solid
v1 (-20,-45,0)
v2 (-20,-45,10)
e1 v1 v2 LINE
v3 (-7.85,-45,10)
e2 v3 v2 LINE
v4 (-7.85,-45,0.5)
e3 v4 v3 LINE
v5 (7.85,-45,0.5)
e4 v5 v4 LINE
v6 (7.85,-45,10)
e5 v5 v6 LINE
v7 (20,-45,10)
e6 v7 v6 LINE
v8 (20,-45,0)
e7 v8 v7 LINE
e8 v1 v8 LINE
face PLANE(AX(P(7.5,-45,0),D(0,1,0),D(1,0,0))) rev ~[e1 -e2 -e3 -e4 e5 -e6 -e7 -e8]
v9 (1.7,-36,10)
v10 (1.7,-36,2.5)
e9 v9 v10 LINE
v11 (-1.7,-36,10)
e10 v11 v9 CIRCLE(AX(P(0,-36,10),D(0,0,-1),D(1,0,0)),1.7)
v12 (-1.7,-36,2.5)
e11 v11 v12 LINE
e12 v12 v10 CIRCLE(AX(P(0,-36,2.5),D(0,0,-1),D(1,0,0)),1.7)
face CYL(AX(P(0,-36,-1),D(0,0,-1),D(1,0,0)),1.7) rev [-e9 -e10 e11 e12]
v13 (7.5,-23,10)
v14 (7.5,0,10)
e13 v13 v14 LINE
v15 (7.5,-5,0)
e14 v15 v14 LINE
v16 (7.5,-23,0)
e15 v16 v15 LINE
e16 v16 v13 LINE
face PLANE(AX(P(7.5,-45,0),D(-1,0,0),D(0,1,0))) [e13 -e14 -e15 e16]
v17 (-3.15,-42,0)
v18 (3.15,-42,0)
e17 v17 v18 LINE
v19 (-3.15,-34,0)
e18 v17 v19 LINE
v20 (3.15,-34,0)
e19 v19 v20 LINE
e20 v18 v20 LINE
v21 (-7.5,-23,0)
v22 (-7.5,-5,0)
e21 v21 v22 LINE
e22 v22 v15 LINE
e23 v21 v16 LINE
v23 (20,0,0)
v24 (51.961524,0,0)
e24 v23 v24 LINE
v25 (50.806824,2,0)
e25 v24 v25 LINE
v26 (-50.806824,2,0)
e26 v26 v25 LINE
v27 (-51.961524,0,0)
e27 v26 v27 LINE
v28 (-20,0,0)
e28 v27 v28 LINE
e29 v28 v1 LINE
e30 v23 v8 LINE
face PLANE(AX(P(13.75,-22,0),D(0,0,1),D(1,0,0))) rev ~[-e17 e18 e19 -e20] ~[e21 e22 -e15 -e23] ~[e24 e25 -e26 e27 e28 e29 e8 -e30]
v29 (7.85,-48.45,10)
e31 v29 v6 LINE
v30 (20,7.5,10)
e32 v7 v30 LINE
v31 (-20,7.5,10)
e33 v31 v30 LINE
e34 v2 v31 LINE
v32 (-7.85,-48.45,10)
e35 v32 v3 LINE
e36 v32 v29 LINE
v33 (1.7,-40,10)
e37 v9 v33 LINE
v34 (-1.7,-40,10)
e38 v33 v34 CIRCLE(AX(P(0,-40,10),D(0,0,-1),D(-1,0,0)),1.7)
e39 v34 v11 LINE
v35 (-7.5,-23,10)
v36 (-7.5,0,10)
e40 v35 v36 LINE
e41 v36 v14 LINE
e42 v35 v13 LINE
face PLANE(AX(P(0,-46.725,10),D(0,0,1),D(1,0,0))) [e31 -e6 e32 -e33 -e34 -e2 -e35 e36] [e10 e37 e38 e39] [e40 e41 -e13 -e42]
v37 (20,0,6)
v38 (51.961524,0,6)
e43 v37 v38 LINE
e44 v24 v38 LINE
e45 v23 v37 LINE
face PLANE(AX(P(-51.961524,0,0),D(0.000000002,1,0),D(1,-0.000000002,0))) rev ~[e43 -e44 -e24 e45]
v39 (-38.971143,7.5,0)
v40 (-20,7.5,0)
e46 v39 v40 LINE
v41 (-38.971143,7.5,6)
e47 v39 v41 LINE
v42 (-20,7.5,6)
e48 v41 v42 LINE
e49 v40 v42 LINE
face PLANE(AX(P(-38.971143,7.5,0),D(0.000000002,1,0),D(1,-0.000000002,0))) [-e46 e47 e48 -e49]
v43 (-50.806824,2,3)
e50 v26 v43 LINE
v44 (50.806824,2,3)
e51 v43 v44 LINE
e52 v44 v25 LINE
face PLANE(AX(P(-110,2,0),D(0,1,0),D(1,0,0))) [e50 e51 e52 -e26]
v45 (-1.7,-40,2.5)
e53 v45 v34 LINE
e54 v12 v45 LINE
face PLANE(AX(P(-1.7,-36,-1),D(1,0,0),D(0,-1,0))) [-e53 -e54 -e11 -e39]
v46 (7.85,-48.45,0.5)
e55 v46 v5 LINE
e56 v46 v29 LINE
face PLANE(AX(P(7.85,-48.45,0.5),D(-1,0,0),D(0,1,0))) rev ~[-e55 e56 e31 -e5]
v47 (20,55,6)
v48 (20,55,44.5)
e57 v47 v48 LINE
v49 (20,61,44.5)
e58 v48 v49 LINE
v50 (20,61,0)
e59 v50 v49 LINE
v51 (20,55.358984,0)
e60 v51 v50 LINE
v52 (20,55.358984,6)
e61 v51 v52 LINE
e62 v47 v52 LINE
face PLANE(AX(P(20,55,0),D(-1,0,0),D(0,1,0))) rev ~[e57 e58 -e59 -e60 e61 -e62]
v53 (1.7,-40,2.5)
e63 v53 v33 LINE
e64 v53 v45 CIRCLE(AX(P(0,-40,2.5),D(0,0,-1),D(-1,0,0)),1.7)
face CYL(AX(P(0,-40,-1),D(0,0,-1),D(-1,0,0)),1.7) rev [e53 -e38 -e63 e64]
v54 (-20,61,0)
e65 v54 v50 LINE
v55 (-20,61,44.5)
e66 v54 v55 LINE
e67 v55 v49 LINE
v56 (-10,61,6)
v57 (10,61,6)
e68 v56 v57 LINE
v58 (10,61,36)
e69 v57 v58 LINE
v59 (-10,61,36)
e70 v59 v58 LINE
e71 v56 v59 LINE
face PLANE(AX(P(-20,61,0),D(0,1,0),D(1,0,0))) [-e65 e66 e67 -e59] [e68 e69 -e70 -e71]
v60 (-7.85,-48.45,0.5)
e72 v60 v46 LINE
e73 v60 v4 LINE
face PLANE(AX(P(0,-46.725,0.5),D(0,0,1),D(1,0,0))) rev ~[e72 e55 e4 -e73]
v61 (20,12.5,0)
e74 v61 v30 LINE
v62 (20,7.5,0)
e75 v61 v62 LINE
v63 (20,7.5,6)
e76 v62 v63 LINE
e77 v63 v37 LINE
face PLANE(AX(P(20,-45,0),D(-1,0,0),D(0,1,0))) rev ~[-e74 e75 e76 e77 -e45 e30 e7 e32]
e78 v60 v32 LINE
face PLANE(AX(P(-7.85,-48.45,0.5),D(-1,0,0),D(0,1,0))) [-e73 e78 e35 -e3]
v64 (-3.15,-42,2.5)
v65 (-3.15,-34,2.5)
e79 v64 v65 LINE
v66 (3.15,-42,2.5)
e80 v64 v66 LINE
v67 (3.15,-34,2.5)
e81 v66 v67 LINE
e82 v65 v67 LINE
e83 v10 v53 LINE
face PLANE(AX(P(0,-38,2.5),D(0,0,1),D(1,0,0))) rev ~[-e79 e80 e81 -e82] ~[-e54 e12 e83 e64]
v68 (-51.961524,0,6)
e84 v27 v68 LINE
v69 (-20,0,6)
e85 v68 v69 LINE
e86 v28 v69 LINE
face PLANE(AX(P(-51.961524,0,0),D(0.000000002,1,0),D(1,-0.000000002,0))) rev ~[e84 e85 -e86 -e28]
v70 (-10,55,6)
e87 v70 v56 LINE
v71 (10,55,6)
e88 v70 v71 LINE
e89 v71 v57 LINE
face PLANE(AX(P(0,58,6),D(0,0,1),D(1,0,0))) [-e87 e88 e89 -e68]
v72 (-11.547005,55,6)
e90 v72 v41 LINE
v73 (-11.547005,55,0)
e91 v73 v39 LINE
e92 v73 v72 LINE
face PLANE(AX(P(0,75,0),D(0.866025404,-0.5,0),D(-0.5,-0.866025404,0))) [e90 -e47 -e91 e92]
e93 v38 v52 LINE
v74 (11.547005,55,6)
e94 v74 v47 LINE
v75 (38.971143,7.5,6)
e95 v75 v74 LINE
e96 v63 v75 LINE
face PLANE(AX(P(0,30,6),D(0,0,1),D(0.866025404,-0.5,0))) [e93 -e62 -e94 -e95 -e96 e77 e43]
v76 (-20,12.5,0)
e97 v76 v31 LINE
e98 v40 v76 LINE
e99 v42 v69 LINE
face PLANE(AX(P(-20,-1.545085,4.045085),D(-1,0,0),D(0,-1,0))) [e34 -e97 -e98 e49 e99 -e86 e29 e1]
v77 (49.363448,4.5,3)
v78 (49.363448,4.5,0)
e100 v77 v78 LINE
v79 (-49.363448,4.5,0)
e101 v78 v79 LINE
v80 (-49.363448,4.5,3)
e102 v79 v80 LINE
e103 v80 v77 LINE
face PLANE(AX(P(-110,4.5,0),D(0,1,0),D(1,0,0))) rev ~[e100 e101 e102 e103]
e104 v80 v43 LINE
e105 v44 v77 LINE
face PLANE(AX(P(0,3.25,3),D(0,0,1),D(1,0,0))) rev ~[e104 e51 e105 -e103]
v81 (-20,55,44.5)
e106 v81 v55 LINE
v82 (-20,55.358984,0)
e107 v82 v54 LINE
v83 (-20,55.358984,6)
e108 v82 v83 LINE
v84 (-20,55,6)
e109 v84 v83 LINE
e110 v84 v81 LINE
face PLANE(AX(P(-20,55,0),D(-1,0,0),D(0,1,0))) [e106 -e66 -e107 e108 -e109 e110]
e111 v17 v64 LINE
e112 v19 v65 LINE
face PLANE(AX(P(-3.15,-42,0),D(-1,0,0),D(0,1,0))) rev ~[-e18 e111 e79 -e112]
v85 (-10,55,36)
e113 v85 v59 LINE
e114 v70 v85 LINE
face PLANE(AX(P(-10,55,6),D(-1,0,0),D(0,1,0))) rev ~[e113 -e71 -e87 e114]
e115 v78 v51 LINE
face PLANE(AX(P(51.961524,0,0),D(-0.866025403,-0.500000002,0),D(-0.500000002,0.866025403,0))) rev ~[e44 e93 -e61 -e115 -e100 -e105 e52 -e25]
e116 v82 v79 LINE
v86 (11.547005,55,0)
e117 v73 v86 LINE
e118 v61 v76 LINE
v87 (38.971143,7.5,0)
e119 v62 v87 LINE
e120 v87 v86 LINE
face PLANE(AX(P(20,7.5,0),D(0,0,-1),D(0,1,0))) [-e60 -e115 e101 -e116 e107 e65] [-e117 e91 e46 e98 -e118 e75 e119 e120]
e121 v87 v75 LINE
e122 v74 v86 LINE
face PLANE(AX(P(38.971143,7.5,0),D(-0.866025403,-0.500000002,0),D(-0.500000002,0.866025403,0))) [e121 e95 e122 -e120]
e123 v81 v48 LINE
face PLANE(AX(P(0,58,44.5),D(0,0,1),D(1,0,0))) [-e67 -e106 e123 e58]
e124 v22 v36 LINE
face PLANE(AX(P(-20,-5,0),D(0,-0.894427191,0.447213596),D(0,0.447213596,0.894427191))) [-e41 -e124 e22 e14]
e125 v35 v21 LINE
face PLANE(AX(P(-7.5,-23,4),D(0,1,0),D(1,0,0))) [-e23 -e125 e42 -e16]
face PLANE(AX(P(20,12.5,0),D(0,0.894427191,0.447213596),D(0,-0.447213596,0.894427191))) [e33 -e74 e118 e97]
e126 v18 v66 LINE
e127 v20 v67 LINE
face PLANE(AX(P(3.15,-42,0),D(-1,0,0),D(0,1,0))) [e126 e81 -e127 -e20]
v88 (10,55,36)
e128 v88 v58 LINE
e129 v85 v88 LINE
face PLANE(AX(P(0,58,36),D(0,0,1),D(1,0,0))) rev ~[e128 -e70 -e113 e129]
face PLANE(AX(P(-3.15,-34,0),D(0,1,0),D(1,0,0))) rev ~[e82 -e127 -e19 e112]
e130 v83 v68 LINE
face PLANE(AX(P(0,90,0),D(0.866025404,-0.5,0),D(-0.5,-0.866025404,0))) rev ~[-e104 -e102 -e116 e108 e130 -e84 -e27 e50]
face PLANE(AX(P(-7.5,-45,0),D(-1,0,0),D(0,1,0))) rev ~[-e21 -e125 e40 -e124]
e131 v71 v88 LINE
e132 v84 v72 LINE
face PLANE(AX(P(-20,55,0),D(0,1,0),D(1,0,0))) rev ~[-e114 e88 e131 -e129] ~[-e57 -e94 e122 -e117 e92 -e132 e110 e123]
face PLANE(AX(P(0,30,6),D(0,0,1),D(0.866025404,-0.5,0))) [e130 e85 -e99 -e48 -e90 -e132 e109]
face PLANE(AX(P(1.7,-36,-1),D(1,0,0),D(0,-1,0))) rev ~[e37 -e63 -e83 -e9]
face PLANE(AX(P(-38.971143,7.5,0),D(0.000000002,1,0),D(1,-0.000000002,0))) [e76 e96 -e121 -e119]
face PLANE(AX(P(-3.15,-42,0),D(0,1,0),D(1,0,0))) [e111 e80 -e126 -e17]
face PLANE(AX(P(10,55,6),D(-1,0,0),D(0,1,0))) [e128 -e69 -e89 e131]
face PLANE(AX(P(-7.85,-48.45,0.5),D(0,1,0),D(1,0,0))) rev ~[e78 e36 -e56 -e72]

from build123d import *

# Parameters (mm, degrees)
BOX051_W                   = 220
BOX051_H                   = 2.5
BOX051_DEPTH               = 3
EXTRUDE020_DEPTH           = 10
BOX052_W                   = 220
BOX052_H                   = 113
BOX052_DEPTH               = 8
BOX050_W                   = 32
BOX050_H                   = 6
BOX050_DEPTH               = 6
PRISM006_DEPTH             = 6
PRISM006_PLACEMENT_ANGLE   = 30
PRISM007_DEPTH             = 6
PRISM007_PLACEMENT_ANGLE   = 30
BOX055_W                   = 6.3
BOX055_H                   = 8
BOX055_DEPTH               = 2.5
EXTRUDE021_DEPTH           = 12
BOX054_W                   = 15.7
BOX054_H                   = 3.45
BOX054_DEPTH               = 9.5
BOX053_W                   = 15
BOX053_H                   = 22
BOX053_DEPTH               = 10
EXTRUDE022_DEPTH           = 12
BOX038_W                   = 12.5
BOX038_H                   = 46
BOX038_DEPTH               = 10
BOX046_W                   = 220
BOX046_H                   = 2.5
BOX046_DEPTH               = 3
BOX045_W                   = 30
BOX045_H                   = 7.5
BOX045_DEPTH               = 10
BOX047_W                   = 50
BOX047_H                   = 10
BOX047_DEPTH               = 10
BOX042_W                   = 12.5
BOX042_H                   = 7.5
BOX042_DEPTH               = 12
BOX043_W                   = 12.5
BOX043_H                   = 7.5
BOX043_DEPTH               = 12
CYLINDER004_R              = 1.7
CYLINDER004_DEPTH          = 30
BOX041_W                   = 15
BOX041_H                   = 70
BOX041_DEPTH               = 6
BOX044_W                   = 40
BOX044_H                   = 51
BOX044_DEPTH               = 6
EXTRUDE018_DEPTH           = 40
BOX040_W                   = 12.5
BOX040_H                   = 46
BOX040_DEPTH               = 10
BOX039_W                   = 12.5
BOX039_H                   = 46
BOX039_DEPTH               = 10
EXTRUDE019_DEPTH           = 40
EXTRUDE019_PLACEMENT_ANGLE = 180
BOX036_W                   = 220
BOX036_H                   = 2.5
BOX036_DEPTH               = 3
BOX037_W                   = 30
BOX037_H                   = 7.5
BOX037_DEPTH               = 10
BOX035_W                   = 50
BOX035_H                   = 10
BOX035_DEPTH               = 10
BOX009_W                   = 12.5
BOX009_H                   = 7.5
BOX009_DEPTH               = 12
BOX010_W                   = 12.5
BOX010_H                   = 7.5
BOX010_DEPTH               = 12
CYLINDER_R                 = 1.7
CYLINDER_DEPTH             = 30
BOX007_W                   = 15
BOX007_H                   = 70
BOX007_DEPTH               = 6
BOX006_W                   = 40
BOX006_H                   = 51
BOX006_DEPTH               = 6
BOX048_W                   = 20
BOX048_H                   = 6
BOX048_DEPTH               = 30
BOX049_W                   = 40
BOX049_H                   = 6
BOX049_DEPTH               = 44.5


with BuildPart() as corte_canaleta004:
    # Box051 → Box051 (new body)
    with BuildSketch(Plane(origin=(-110, 2, 0), x_dir=(1, 0, 0), z_dir=(0, 0, 1))):
        with Locations((110, 1.25)):
            Rectangle(BOX051_W, BOX051_H)
    extrude(amount=BOX051_DEPTH)


with BuildPart() as extrude020:
    # Sketch017 → Extrude020 (new body)
    with BuildSketch(Plane.XY):
        Polygon((-95, 0), (95, 0), (85, 61), (-85, 61), align=None)
    extrude(amount=EXTRUDE020_DEPTH)


with BuildPart() as molde_cortador003:
    # Box052 → Box052 (new body)
    with BuildSketch(Plane(origin=(-110, -15, 0), x_dir=(1, 0, 0), z_dir=(0, 0, 1))):
        with Locations((110, 56.5)):
            Rectangle(BOX052_W, BOX052_H)
    extrude(amount=BOX052_DEPTH)

    # Cut004035: cut Extrude020
    add(extrude020.part, mode=Mode.SUBTRACT)


with BuildPart() as cube045:
    # Box050 → Box050 (new body)
    with BuildSketch(Plane(origin=(-16, 55, 0), x_dir=(1, 0, 0), z_dir=(0, 0, 1))):
        with Locations((16, 3)):
            Rectangle(BOX050_W, BOX050_H)
    extrude(amount=BOX050_DEPTH)


with BuildPart() as prism006:
    # Prism006 → Prism006 (new body)
    with BuildSketch(Plane.XY):
        Polygon((45, 0), (-22.5, 38.971143), (-22.5, -38.971143), align=None)
    extrude(amount=PRISM006_DEPTH)


with BuildPart() as prism006_1:
    # Prism006 placement: moved
    add(prism006.part.moved(Location((0, 23, 0))).rotate(Axis((0, 23, 0), (0, 0, -1)), PRISM006_PLACEMENT_ANGLE))


with BuildPart() as base_triangulo_con_canaleta33:
    # Prism007 → Prism007 (new body)
    with BuildSketch(Plane.XY):
        Polygon((60, 0), (-30, 51.961524), (-30, -51.961524), align=None)
    extrude(amount=PRISM007_DEPTH)


with BuildPart() as base_triangulo_con_canaleta33_1:
    # Prism007 placement: moved
    add(base_triangulo_con_canaleta33.part.moved(Location((0, 23, 0))).rotate(Axis((0, 23, 0), (0, 0, -1)), PRISM007_PLACEMENT_ANGLE))

    # Cut004032: cut Prism006
    add(prism006_1.part, mode=Mode.SUBTRACT)


with BuildPart() as base_triangulo_con_canaleta33_2:
    # Cut004032 placement: moved
    add(base_triangulo_con_canaleta33_1.part.moved(Location((0, 7, 0))))

    # Fusion004009004002006: union Cube045
    add(cube045.part)

    # Cut004034: cut molde_cortador003
    add(molde_cortador003.part, mode=Mode.SUBTRACT)

    # Cut004033: cut corte_canaleta004
    add(corte_canaleta004.part, mode=Mode.SUBTRACT)


with BuildPart() as cube049:
    # Box055 → Box055 (new body)
    with BuildSketch(Plane(origin=(-3.15, -42, 0), x_dir=(1, 0, 0), z_dir=(0, 0, 1))):
        with Locations((3.15, 4)):
            Rectangle(BOX055_W, BOX055_H)
    extrude(amount=BOX055_DEPTH)


with BuildPart() as extrude021:
    # Sketch018 (on Face24 of Fusion004009004002007001) → Extrude021 (new body)
    with BuildSketch(Plane.XY.offset(10)):
        with BuildLine():
            ThreePointArc((1.7, -36), (0, -34.3), (-1.7, -36))
            Line((-1.7, -36), (-1.7, -40))
            ThreePointArc((-1.7, -40), (0, -41.7), (1.7, -40))
            Line((1.7, -36), (1.7, -40))
        make_face()
    extrude(amount=EXTRUDE021_DEPTH)


with BuildPart() as extrude021_1:
    # Extrude021 placement: moved
    add(extrude021.part.moved(Location((0, 0, -11))))


with BuildPart() as cube048:
    # Box054 → Box054 (new body)
    with BuildSketch(Plane(origin=(-7.85, -48.45, 0.5), x_dir=(1, 0, 0), z_dir=(0, 0, 1))):
        with Locations((7.85, 1.725)):
            Rectangle(BOX054_W, BOX054_H)
    extrude(amount=BOX054_DEPTH)


with BuildPart() as cut004038:
    # Box053 → Box053 (new body)
    with BuildSketch(Plane(origin=(-7.5, -45, 0), x_dir=(1, 0, 0), z_dir=(0, 0, 1))):
        with Locations((7.5, 11)):
            Rectangle(BOX053_W, BOX053_H)
    extrude(amount=BOX053_DEPTH)

    # Fusion004009004002007002: union Cube048
    add(cube048.part)

    # Cut004036: cut Extrude021
    add(extrude021_1.part, mode=Mode.SUBTRACT)

    # Cut004038: cut Cube049
    add(cube049.part, mode=Mode.SUBTRACT)


with BuildPart() as extrude022:
    # Sketch019 (on Face24 of Fusion004009004002007003) → Extrude022 (new body)
    with BuildSketch(Plane.XY.offset(10)):
        with BuildLine():
            ThreePointArc((1.7, -36), (0, -34.3), (-1.7, -36))
            Line((-1.7, -36), (-1.7, -40))
            ThreePointArc((-1.7, -40), (0, -41.7), (1.7, -40))
            Line((1.7, -36), (1.7, -40))
        make_face()
    extrude(amount=EXTRUDE022_DEPTH)


with BuildPart() as extrude022_1:
    # Extrude022 placement: moved
    add(extrude022.part.moved(Location((0, 0, -11))))


with BuildPart() as cube034:
    # Box038 → Box038 (new body)
    with BuildSketch(Plane(origin=(-20, -45, 0), x_dir=(1, 0, 0), z_dir=(0, 0, 1))):
        with Locations((6.25, 23)):
            Rectangle(BOX038_W, BOX038_H)
    extrude(amount=BOX038_DEPTH)


with BuildPart() as corte_canaleta003:
    # Box046 → Box046 (new body)
    with BuildSketch(Plane(origin=(-110, 2, 0), x_dir=(1, 0, 0), z_dir=(0, 0, 1))):
        with Locations((110, 1.25)):
            Rectangle(BOX046_W, BOX046_H)
    extrude(amount=BOX046_DEPTH)


with BuildPart() as cube041:
    # Box045 → Box045 (new body)
    with BuildSketch(Plane(origin=(-14, 0, 0), x_dir=(1, 0, 0), z_dir=(0, 0, 1))):
        with Locations((15, 3.75)):
            Rectangle(BOX045_W, BOX045_H)
    extrude(amount=BOX045_DEPTH)


with BuildPart() as cube042:
    # Box047 → Box047 (new body)
    with BuildSketch(Plane(origin=(-22, -1, -10), x_dir=(1, 0, 0), z_dir=(0, 0, 1))):
        with Locations((25, 5)):
            Rectangle(BOX047_W, BOX047_H)
    extrude(amount=BOX047_DEPTH)


with BuildPart() as cube038:
    # Box042 → Box042 (new body)
    with BuildSketch(Plane(origin=(7.5, 0, 13), x_dir=(1, 0, 0), z_dir=(0, 0, 1))):
        with Locations((6.25, 3.75)):
            Rectangle(BOX042_W, BOX042_H)
    extrude(amount=BOX042_DEPTH)


with BuildPart() as cube039:
    # Box043 → Box043 (new body)
    with BuildSketch(Plane(origin=(-20, 0, 13), x_dir=(1, 0, 0), z_dir=(0, 0, 1))):
        with Locations((6.25, 3.75)):
            Rectangle(BOX043_W, BOX043_H)
    extrude(amount=BOX043_DEPTH)


with BuildPart() as cylinder004:
    # Cylinder004 → Cylinder004 (new body)
    with BuildSketch(Plane(origin=(0, 7, 0), x_dir=(1, 0, 0), z_dir=(0, 0, 1))):
        Circle(CYLINDER004_R)
    extrude(amount=CYLINDER004_DEPTH)


with BuildPart() as cube037:
    # Box041 → Box041 (new body)
    with BuildSketch(Plane(origin=(12.5, 22, 20), x_dir=(1, 0, 0), z_dir=(0, 0, 1))):
        with Locations((7.5, 35)):
            Rectangle(BOX041_W, BOX041_H)
    extrude(amount=BOX041_DEPTH)


with BuildPart() as cut004029:
    # Box044 → Box044 (new body)
    with BuildSketch(Plane.XY.offset(20)):
        with Locations((20, 25.5)):
            Rectangle(BOX044_W, BOX044_H)
    extrude(amount=BOX044_DEPTH)

    # Cut004028: cut Cube037
    add(cube037.part, mode=Mode.SUBTRACT)


with BuildPart() as cut004029_1:
    # Cut004028 placement: moved
    add(cut004029.part.moved(Location((-20, 0, -1))))

    # Cut004027: cut Cylinder004
    add(cylinder004.part, mode=Mode.SUBTRACT)


with BuildPart() as cut004029_2:
    # Cut004027 placement: moved
    add(cut004029_1.part.moved(Location((0, -45, 0))))

    # Fusion004009004002003: union Cube038, Cube039
    add(cube038.part)
    add(cube039.part)


with BuildPart() as cut004029_3:
    # Fusion004009004002003 placement: moved
    add(cut004029_2.part.moved(Location((0, 0, -15))))

    # Cut004030: cut Cube042
    add(cube042.part, mode=Mode.SUBTRACT)

    # Fusion004009004002004: union Cube041
    add(cube041.part)

    # Cut004029: cut corte_canaleta003
    add(corte_canaleta003.part, mode=Mode.SUBTRACT)


with BuildPart() as extrude018:
    # Sketch015 (on Face1 of Box038) → Extrude018 (new body)
    with BuildSketch(Plane(origin=(-20, -45, 0), x_dir=(0, -1, 0), z_dir=(-1, 0, 0))):
        Polygon((-52.5, 10), (-52.5, 0), (-57.5, 0), align=None)
    extrude(amount=EXTRUDE018_DEPTH)


with BuildPart() as extrude018_1:
    # Extrude018 placement: moved
    add(extrude018.part.moved(Location((40, 0, 0))))


with BuildPart() as cube036:
    # Box040 → Box040 (new body)
    with BuildSketch(Plane(origin=(-20, -45, 0), x_dir=(1, 0, 0), z_dir=(0, 0, 1))):
        with Locations((6.25, 23)):
            Rectangle(BOX040_W, BOX040_H)
    extrude(amount=BOX040_DEPTH)


with BuildPart() as cube035:
    # Box039 → Box039 (new body)
    with BuildSketch(Plane(origin=(7.5, -45, 0), x_dir=(1, 0, 0), z_dir=(0, 0, 1))):
        with Locations((6.25, 23)):
            Rectangle(BOX039_W, BOX039_H)
    extrude(amount=BOX039_DEPTH)


with BuildPart() as extrude019:
    # Sketch016 (on Face1 of Box040) → Extrude019 (new body)
    with BuildSketch(Plane(origin=(-20, -45, 0), x_dir=(0, -1, 0), z_dir=(-1, 0, 0))):
        Polygon((-52.5, 10), (-52.5, 0), (-57.5, 0), align=None)
    extrude(amount=EXTRUDE019_DEPTH)


with BuildPart() as extrude019_1:
    # Extrude019 placement: moved
    add(extrude019.part.moved(Location((-40, 7.5, 0))).rotate(Axis((-40, 7.5, 0), (0, 0, 1)), EXTRUDE019_PLACEMENT_ANGLE))


with BuildPart() as corte_canaleta002:
    # Box036 → Box036 (new body)
    with BuildSketch(Plane(origin=(-110, 2, 0), x_dir=(1, 0, 0), z_dir=(0, 0, 1))):
        with Locations((110, 1.25)):
            Rectangle(BOX036_W, BOX036_H)
    extrude(amount=BOX036_DEPTH)


with BuildPart() as cube033:
    # Box037 → Box037 (new body)
    with BuildSketch(Plane(origin=(-14, 0, 0), x_dir=(1, 0, 0), z_dir=(0, 0, 1))):
        with Locations((15, 3.75)):
            Rectangle(BOX037_W, BOX037_H)
    extrude(amount=BOX037_DEPTH)


with BuildPart() as cube032:
    # Box035 → Box035 (new body)
    with BuildSketch(Plane(origin=(-22, -1, -10), x_dir=(1, 0, 0), z_dir=(0, 0, 1))):
        with Locations((25, 5)):
            Rectangle(BOX035_W, BOX035_H)
    extrude(amount=BOX035_DEPTH)


with BuildPart() as cube008:
    # Box009 → Box009 (new body)
    with BuildSketch(Plane(origin=(7.5, 0, 13), x_dir=(1, 0, 0), z_dir=(0, 0, 1))):
        with Locations((6.25, 3.75)):
            Rectangle(BOX009_W, BOX009_H)
    extrude(amount=BOX009_DEPTH)


with BuildPart() as cube009:
    # Box010 → Box010 (new body)
    with BuildSketch(Plane(origin=(-20, 0, 13), x_dir=(1, 0, 0), z_dir=(0, 0, 1))):
        with Locations((6.25, 3.75)):
            Rectangle(BOX010_W, BOX010_H)
    extrude(amount=BOX010_DEPTH)


with BuildPart() as cylinder:
    # Cylinder → Cylinder (new body)
    with BuildSketch(Plane(origin=(0, 7, 0), x_dir=(1, 0, 0), z_dir=(0, 0, 1))):
        Circle(CYLINDER_R)
    extrude(amount=CYLINDER_DEPTH)


with BuildPart() as cube007:
    # Box007 → Box007 (new body)
    with BuildSketch(Plane(origin=(12.5, 22, 20), x_dir=(1, 0, 0), z_dir=(0, 0, 1))):
        with Locations((7.5, 35)):
            Rectangle(BOX007_W, BOX007_H)
    extrude(amount=BOX007_DEPTH)


with BuildPart() as parte_frontal_con_refuerzo34:
    # Box006 → Box006 (new body)
    with BuildSketch(Plane.XY.offset(20)):
        with Locations((20, 25.5)):
            Rectangle(BOX006_W, BOX006_H)
    extrude(amount=BOX006_DEPTH)

    # Cut004005: cut Cube007
    add(cube007.part, mode=Mode.SUBTRACT)


with BuildPart() as parte_frontal_con_refuerzo34_1:
    # Cut004005 placement: moved
    add(parte_frontal_con_refuerzo34.part.moved(Location((-20, 0, -1))))

    # Cut004006: cut Cylinder
    add(cylinder.part, mode=Mode.SUBTRACT)


with BuildPart() as parte_frontal_con_refuerzo34_2:
    # Cut004006 placement: moved
    add(parte_frontal_con_refuerzo34_1.part.moved(Location((0, -45, 0))))

    # Fusion004002: union Cube008, Cube009
    add(cube008.part)
    add(cube009.part)


with BuildPart() as parte_frontal_con_refuerzo34_3:
    # Fusion004002 placement: moved
    add(parte_frontal_con_refuerzo34_2.part.moved(Location((0, 0, -15))))

    # Cut004025: cut Cube032
    add(cube032.part, mode=Mode.SUBTRACT)

    # Fusion004009004002002: union Cube033
    add(cube033.part)

    # Cut004026: cut corte_canaleta002
    add(corte_canaleta002.part, mode=Mode.SUBTRACT)

    # Fusion004009004002005: union Cube034, Cut004029, Extrude018, Cube036, Cube035, Extrude019
    add(cube034.part)
    add(cut004029_3.part)
    add(extrude018_1.part)
    add(cube036.part)
    add(cube035.part)
    add(extrude019_1.part)

    # Cut004037: cut Extrude022
    add(extrude022_1.part, mode=Mode.SUBTRACT)

    # Fusion004009004002007004: union Cut004038
    add(cut004038.part)


with BuildPart() as cube043:
    # Box048 → Box048 (new body)
    with BuildSketch(Plane(origin=(-10, 55, 6), x_dir=(1, 0, 0), z_dir=(0, 0, 1))):
        with Locations((10, 3)):
            Rectangle(BOX048_W, BOX048_H)
    extrude(amount=BOX048_DEPTH)


with BuildPart() as soporte_3_4_sin_refinar:
    # Box049 → Box049 (new body)
    with BuildSketch(Plane(origin=(-20, 55, 0), x_dir=(1, 0, 0), z_dir=(0, 0, 1))):
        with Locations((20, 3)):
            Rectangle(BOX049_W, BOX049_H)
    extrude(amount=BOX049_DEPTH)

    # Cut004031: cut Cube043
    add(cube043.part, mode=Mode.SUBTRACT)

    # Fusion004009004002007005: union base_triangulo_con_canaleta33, parte_frontal_con_refuerzo34
    add(base_triangulo_con_canaleta33_2.part)
    add(parte_frontal_con_refuerzo34_3.part)


solid = soporte_3_4_sin_refinar.part
